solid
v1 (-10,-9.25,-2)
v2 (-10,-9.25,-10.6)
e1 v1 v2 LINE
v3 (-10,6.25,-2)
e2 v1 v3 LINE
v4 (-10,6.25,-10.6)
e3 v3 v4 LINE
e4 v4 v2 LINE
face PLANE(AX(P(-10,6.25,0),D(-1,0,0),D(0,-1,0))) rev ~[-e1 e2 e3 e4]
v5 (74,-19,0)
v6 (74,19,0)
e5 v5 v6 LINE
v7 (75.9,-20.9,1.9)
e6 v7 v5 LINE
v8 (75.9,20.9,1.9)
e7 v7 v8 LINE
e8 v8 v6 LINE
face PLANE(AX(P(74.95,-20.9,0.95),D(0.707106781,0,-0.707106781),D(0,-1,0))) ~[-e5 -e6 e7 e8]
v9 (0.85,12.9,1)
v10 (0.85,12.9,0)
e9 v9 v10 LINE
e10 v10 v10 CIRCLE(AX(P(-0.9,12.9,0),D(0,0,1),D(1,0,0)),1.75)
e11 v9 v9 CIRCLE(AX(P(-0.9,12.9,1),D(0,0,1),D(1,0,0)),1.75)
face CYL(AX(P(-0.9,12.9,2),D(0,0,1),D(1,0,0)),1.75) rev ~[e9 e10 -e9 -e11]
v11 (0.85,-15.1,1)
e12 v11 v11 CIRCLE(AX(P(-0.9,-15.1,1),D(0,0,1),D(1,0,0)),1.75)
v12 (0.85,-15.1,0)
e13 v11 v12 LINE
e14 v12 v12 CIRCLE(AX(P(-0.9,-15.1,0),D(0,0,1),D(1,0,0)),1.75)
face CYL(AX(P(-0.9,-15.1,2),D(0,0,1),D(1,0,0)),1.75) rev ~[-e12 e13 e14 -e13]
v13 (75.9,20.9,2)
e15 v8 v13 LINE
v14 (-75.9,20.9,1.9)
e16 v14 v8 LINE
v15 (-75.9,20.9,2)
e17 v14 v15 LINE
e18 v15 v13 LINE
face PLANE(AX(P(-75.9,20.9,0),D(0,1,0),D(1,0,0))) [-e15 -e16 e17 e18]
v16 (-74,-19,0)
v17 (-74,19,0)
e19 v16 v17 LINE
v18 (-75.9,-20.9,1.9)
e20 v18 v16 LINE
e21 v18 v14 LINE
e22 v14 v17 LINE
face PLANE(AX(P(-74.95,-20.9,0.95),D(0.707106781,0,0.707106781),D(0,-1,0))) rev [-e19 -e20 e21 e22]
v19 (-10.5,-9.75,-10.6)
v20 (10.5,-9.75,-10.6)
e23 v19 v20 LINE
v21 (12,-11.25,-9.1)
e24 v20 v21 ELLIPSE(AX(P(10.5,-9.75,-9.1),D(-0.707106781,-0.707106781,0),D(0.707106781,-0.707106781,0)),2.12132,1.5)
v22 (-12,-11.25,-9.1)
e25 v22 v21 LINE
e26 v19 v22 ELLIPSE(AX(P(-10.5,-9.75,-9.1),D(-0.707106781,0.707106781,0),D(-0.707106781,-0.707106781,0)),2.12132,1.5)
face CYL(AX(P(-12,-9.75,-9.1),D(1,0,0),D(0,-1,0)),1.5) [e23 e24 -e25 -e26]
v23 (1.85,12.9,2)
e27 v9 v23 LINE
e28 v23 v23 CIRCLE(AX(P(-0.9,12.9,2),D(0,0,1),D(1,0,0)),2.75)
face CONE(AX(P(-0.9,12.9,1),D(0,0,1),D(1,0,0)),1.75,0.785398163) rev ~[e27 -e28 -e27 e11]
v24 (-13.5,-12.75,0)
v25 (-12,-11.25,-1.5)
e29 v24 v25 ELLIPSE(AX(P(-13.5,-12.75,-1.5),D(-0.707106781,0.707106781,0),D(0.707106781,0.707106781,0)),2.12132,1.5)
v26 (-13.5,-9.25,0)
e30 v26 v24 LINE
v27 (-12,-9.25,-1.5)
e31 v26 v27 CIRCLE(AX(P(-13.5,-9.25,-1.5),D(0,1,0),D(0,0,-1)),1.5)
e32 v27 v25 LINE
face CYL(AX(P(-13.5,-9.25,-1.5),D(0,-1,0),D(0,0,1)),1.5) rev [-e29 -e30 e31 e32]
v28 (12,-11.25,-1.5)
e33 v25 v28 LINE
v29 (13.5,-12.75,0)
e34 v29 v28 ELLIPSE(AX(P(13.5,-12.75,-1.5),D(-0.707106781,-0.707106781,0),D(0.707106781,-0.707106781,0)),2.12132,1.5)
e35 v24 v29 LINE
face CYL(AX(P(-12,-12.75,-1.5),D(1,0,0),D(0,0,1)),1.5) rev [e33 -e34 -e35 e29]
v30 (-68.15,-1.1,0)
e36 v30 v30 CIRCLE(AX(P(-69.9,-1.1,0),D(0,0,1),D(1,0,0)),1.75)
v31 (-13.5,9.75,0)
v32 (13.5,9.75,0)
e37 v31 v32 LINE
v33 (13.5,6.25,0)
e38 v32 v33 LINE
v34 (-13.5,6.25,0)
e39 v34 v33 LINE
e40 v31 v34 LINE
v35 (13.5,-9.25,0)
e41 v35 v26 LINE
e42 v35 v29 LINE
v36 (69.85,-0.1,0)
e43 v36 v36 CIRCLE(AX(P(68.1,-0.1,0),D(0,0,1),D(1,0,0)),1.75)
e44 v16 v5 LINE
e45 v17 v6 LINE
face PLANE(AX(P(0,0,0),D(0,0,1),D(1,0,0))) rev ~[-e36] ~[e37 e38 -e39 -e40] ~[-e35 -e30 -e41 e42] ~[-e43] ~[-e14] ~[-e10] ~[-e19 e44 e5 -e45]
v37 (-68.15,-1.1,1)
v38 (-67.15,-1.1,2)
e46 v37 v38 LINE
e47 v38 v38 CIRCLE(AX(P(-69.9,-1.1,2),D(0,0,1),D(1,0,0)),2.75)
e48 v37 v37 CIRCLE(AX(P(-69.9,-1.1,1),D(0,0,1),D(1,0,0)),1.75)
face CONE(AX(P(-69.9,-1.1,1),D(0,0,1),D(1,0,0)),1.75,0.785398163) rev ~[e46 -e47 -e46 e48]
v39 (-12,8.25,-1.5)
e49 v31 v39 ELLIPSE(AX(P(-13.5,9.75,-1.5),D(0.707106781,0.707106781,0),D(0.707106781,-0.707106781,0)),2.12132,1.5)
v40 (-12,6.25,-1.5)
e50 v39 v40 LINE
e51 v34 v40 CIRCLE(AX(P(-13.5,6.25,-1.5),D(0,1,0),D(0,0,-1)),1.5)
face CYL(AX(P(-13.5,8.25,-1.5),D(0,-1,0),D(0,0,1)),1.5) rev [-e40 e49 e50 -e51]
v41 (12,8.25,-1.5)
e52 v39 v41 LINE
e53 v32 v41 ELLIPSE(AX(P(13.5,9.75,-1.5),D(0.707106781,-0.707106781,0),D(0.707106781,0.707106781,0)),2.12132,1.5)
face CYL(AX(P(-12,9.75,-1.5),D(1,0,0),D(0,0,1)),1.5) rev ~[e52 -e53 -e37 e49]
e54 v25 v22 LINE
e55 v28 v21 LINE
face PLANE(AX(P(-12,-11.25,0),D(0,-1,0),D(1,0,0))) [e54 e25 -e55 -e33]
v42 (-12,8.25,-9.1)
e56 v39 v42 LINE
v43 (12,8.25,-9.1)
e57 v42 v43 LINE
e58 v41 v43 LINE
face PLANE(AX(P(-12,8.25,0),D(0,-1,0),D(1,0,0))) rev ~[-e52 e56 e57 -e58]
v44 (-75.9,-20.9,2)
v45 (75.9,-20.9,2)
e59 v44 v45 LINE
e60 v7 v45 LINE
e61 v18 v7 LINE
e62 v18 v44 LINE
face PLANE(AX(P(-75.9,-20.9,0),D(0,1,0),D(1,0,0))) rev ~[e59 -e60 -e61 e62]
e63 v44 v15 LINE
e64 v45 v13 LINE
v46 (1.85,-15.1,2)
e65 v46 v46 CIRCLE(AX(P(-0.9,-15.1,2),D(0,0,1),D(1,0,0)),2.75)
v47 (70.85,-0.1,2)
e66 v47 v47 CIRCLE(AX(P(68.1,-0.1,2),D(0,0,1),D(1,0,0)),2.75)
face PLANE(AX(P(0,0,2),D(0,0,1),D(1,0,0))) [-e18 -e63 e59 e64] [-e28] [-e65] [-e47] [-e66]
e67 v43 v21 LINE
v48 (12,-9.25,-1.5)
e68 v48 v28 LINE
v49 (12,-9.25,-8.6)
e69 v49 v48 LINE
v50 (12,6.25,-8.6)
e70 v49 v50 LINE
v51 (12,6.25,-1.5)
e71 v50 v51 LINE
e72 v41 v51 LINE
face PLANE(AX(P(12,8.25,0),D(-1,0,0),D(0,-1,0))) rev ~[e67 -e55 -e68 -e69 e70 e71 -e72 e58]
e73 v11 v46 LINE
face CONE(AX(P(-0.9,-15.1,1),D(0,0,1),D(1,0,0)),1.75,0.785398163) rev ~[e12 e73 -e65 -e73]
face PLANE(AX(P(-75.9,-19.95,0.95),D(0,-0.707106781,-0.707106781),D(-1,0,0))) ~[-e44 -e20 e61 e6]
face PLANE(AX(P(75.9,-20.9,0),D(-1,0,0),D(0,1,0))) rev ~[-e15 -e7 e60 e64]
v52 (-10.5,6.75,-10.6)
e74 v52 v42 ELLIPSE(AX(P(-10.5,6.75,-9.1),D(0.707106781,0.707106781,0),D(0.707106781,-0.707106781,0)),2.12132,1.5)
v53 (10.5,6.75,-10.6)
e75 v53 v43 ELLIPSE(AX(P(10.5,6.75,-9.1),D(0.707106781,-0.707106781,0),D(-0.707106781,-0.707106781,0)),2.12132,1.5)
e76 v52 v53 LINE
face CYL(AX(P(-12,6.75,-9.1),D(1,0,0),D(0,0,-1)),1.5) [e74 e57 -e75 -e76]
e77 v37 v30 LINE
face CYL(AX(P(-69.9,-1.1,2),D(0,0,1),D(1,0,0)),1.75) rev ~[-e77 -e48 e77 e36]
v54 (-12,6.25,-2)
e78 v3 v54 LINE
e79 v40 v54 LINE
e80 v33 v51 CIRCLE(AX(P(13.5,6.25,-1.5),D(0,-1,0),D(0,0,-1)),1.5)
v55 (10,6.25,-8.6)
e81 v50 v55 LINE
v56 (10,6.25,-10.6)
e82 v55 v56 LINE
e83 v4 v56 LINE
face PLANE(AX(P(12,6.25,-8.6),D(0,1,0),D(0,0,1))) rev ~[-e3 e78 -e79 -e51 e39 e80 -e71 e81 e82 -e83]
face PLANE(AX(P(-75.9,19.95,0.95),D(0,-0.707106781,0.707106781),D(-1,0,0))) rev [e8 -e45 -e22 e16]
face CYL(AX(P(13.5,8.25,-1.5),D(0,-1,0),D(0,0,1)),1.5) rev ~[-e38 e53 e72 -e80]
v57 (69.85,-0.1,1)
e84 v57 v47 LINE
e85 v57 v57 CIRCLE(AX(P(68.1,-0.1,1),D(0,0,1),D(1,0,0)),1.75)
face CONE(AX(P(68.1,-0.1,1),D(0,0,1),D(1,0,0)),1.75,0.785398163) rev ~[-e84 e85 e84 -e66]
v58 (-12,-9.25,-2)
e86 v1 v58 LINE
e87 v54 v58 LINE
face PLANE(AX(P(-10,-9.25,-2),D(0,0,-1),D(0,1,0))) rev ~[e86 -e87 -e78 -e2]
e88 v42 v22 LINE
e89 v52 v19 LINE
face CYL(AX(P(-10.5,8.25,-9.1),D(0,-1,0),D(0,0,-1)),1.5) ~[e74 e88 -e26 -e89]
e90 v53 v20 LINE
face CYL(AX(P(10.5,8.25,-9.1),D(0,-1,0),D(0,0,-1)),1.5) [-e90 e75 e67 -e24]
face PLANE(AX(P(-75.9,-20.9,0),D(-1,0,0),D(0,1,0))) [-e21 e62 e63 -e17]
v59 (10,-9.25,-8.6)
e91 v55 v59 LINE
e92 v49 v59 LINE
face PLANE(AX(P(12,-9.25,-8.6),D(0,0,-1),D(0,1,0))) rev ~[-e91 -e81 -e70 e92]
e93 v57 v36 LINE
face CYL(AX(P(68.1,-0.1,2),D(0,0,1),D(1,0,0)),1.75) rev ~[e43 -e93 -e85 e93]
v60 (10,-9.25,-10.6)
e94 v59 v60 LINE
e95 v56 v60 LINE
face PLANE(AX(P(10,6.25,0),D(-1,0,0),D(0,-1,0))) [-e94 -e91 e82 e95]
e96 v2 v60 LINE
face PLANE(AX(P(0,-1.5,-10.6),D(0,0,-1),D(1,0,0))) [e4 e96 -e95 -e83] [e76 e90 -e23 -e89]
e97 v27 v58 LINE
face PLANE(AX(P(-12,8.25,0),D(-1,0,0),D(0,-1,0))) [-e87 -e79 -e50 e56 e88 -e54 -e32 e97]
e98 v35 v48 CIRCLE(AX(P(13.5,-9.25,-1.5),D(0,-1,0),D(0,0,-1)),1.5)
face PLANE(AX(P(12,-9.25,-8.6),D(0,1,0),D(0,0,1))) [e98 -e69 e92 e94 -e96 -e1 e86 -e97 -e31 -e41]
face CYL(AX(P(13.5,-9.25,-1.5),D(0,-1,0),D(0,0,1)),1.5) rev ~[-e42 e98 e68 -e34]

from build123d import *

# Parameters (mm, degrees)
SKETCH_W           = 151.8
SKETCH_H           = 41.8
PAD_DEPTH          = 2
CHAMFER_SIZE       = 1.9
SKETCH001_W        = 2
SKETCH001_H        = 2
PAD001_DEPTH       = 8.6
SKETCH002_W        = 15.5
SKETCH002_H        = 2
POCKET_DEPTH       = 2
SKETCH003_W        = 24
SKETCH003_H        = 19.5
PAD002_DEPTH       = 2
PAD003_START       = -0.75
SKETCH004_W        = 8
SKETCH004_H        = 0.6
PAD003_DEPTH       = 0.5
CHAMFER001_1_ANGLE = 53
CHAMFER001_1_SIZE  = 0.55
CHAMFER001_2_ANGLE = 53
CHAMFER001_2_SIZE  = 0.55
FILLET_R           = 1
FILLET001_R        = 1
SKETCH005_R        = 1.75
POCKET001_DEPTH    = 3
CHAMFER002_SIZE    = 1
SKETCH006_W        = 15.5
SKETCH006_H        = 8.6
POCKET002_DEPTH    = 5
SKETCH007_W        = 20
SKETCH007_H        = 15.5
POCKET003_DEPTH    = 5
SKETCH008_W        = 26
SKETCH008_H        = 21.5
POCKET004_DEPTH    = 10.6
SKETCH009_W        = 24
SKETCH009_H        = 19.5
SKETCH009_W_2      = 20
SKETCH009_H_2      = 15.5
PAD004_DEPTH       = 10.6
SKETCH010_W        = 15.5
SKETCH010_H        = 8.6
POCKET005_DEPTH    = 5
SKETCH011_W        = 15.5
SKETCH011_H        = 2
POCKET006_DEPTH    = 5
FILLET002_R        = 1.5


with BuildPart() as part:
    # Sketch → Pad (new body)
    with BuildSketch(Plane.XY):
        Rectangle(SKETCH_W, SKETCH_H)
    extrude(amount=PAD_DEPTH)

    # Chamfer
    chamfer_edges = [part.edges().sort_by_distance(p)[0] for p in [
        (0, -20.9, 0),
        (-75.9, 0, 0),
        (0, 20.9, 0),
        (75.9, 0, 0),
    ]]
    chamfer(chamfer_edges, length=CHAMFER_SIZE)

    # Sketch001 (on Face8 of Chamfer) → Pad001 (join)
    with BuildSketch(Plane(origin=(0, 0, 0), x_dir=(1, 0, 0), z_dir=(0, 0, -1))):
        Polygon((-11, 7.75), (-9, 7.75), (-9, 9.75), (-13, 9.75), (-13, -9.75), (-9, -9.75), (-9, -7.75), (-11, -7.75), align=None)
        with Locations((10, 8.75)):
            Rectangle(SKETCH001_W, SKETCH001_H)
        with Locations((10, -8.75)):
            Rectangle(SKETCH001_W, SKETCH001_H)
    extrude(amount=PAD001_DEPTH)

    # Sketch002 (on Face19 of Pad001) → Pocket (cut)
    with BuildSketch(Plane(origin=(-13, 0, 0), x_dir=(0, -1, 0), z_dir=(-1, 0, 0))):
        with Locations((0, -1)):
            Rectangle(SKETCH002_W, SKETCH002_H)
    extrude(amount=-POCKET_DEPTH, mode=Mode.SUBTRACT)

    # Sketch003 (on Face31 of Pocket) → Pad002 (join)
    with BuildSketch(Plane(origin=(0, 0, -8.6), x_dir=(1, 0, 0), z_dir=(0, 0, -1))):
        with Locations((-1, 0)):
            Rectangle(SKETCH003_W, SKETCH003_H)
        Polygon((-11, 7.75), (-1.5, 0), (-11, -7.75), align=None, mode=Mode.SUBTRACT)
        Polygon((9, 7.75), (1.5, 0), (9, -7.75), align=None, mode=Mode.SUBTRACT)
        Polygon((7, -7.75), (0, -1.5), (-9, -7.75), align=None, mode=Mode.SUBTRACT)
        Polygon((-9, 7.75), (0, 1.5), (7, 7.75), align=None, mode=Mode.SUBTRACT)
    extrude(amount=PAD002_DEPTH)

    # Sketch004 (on Face34 of Pad002) → Pad003 (join)
    with BuildSketch(Plane.YZ.offset(11).offset(PAD003_START)):
        with Locations((0, -8.3)):
            Rectangle(SKETCH004_W, SKETCH004_H)
    extrude(amount=-PAD003_DEPTH)

    # Chamfer001 1
    chamfer001_1_edges = [part.edges().sort_by_distance(p)[0] for p in [
        (10.25, 0, -8.6),
    ]]
    chamfer001_1_side = part.faces().sort_by_distance((10.25, 0, -8.3))[0]
    chamfer(chamfer001_1_edges, length=CHAMFER001_1_SIZE, angle=CHAMFER001_1_ANGLE, reference=chamfer001_1_side)

    # Chamfer001 2
    chamfer001_2_edges = [part.edges().sort_by_distance(p)[0] for p in [
        (9.75, 0, -8.6),
    ]]
    chamfer001_2_side = part.faces().sort_by_distance((9.75, 0, -8.3))[0]
    chamfer(chamfer001_2_edges, length=CHAMFER001_2_SIZE, angle=CHAMFER001_2_ANGLE, reference=chamfer001_2_side)

    # Fillet
    fillet_edges = [part.edges().sort_by_distance(p)[0] for p in [
        (10, -9.75, 0),
        (11, -8.75, 0),
        (9, -8.75, 0),
        (9, 8.75, 0),
        (10, 9.75, 0),
        (11, 8.75, 0),
        (-11, -9.75, 0),
        (-9, -8.75, 0),
        (-13, -8.75, 0),
        (-13, 8.75, 0),
        (-11, 9.75, 0),
        (-9, 8.75, 0),
        (11, -9.75, -5.3),
        (11, 9.75, -5.3),
        (-13, 9.75, -5.3),
        (-13, -9.75, -5.3),
    ]]
    fillet(fillet_edges, radius=FILLET_R)

    # Fillet001
    fillet001_edges = [part.edges().sort_by_distance(p)[0] for p in [
        (10.707107, -9.457107, -10.6),
    ]]
    fillet(fillet001_edges, radius=FILLET001_R)

    # Sketch005 (on Face73 of Fillet001) → Pocket001 (cut)
    with BuildSketch(Plane.XY.offset(2)):
        with Locations((-69.9, -1.1)):
            Circle(SKETCH005_R)
        with Locations((68.1, -0.1)):
            Circle(SKETCH005_R)
        with Locations((-0.9, -15.1)):
            Circle(SKETCH005_R)
        with Locations((-0.9, 12.9)):
            Circle(SKETCH005_R)
    extrude(amount=-POCKET001_DEPTH, mode=Mode.SUBTRACT)

    # Chamfer002
    chamfer002_edges = [part.edges().sort_by_distance(p)[0] for p in [
        (-2.65, 12.9, 2),
        (-71.65, -1.1, 2),
        (-2.65, -15.1, 2),
        (66.35, -0.1, 2),
    ]]
    chamfer(chamfer002_edges, length=CHAMFER002_SIZE)

    # Sketch006 (on Face46 of Chamfer002) → Pocket002 (cut)
    with BuildSketch(Plane.YZ.offset(11)):
        with Locations((0, -4.3)):
            Rectangle(SKETCH006_W, SKETCH006_H)
    extrude(amount=-POCKET002_DEPTH, mode=Mode.SUBTRACT)

    # Sketch007 (on Face59 of Pocket002) → Pocket003 (cut)
    with BuildSketch(Plane(origin=(0, 0, -10.6), x_dir=(1, 0, 0), z_dir=(0, 0, -1))):
        with Locations((-1, 0)):
            Rectangle(SKETCH007_W, SKETCH007_H)
    extrude(amount=-POCKET003_DEPTH, mode=Mode.SUBTRACT)

    # Sketch008 (on Face58 of Pocket003) → Pocket004 (cut)
    with BuildSketch(Plane(origin=(0, 0, -10.6), x_dir=(1, 0, 0), z_dir=(0, 0, -1))):
        with Locations((-1, 0)):
            Rectangle(SKETCH008_W, SKETCH008_H)
    extrude(amount=-POCKET004_DEPTH, mode=Mode.SUBTRACT)

    # Sketch009 (on Face18 of Pocket004) → Pad004 (join)
    with BuildSketch(Plane(origin=(0, 0, 0), x_dir=(1, 0, 0), z_dir=(0, 0, -1))):
        with Locations((0, 1.5)):
            Rectangle(SKETCH009_W, SKETCH009_H)
        with Locations((0, 1.5)):
            Rectangle(SKETCH009_W_2, SKETCH009_H_2, mode=Mode.SUBTRACT)
    extrude(amount=PAD004_DEPTH)

    # Sketch010 (on Face11 of Pad004) → Pocket005 (cut)
    with BuildSketch(Plane.YZ.offset(12)):
        with Locations((-1.5, -4.3)):
            Rectangle(SKETCH010_W, SKETCH010_H)
    extrude(amount=-POCKET005_DEPTH, mode=Mode.SUBTRACT)

    # Sketch011 (on Face31 of Pocket005) → Pocket006 (cut)
    with BuildSketch(Plane.YZ.offset(-10)):
        with Locations((-1.5, -1)):
            Rectangle(SKETCH011_W, SKETCH011_H)
    extrude(amount=-POCKET006_DEPTH, mode=Mode.SUBTRACT)

    # Fillet002
    fillet002_edges = [part.edges().sort_by_distance(p)[0] for p in [
        (12, -10.25, 0),
        (0, -11.25, 0),
        (-12, -10.25, 0),
        (0, 8.25, 0),
        (12, 7.25, 0),
        (12, -1.5, -10.6),
        (0, 8.25, -10.6),
        (-12, -1.5, -10.6),
        (0, -11.25, -10.6),
        (-12, 7.25, 0),
    ]]
    fillet(fillet002_edges, radius=FILLET002_R)


solid = part.part
